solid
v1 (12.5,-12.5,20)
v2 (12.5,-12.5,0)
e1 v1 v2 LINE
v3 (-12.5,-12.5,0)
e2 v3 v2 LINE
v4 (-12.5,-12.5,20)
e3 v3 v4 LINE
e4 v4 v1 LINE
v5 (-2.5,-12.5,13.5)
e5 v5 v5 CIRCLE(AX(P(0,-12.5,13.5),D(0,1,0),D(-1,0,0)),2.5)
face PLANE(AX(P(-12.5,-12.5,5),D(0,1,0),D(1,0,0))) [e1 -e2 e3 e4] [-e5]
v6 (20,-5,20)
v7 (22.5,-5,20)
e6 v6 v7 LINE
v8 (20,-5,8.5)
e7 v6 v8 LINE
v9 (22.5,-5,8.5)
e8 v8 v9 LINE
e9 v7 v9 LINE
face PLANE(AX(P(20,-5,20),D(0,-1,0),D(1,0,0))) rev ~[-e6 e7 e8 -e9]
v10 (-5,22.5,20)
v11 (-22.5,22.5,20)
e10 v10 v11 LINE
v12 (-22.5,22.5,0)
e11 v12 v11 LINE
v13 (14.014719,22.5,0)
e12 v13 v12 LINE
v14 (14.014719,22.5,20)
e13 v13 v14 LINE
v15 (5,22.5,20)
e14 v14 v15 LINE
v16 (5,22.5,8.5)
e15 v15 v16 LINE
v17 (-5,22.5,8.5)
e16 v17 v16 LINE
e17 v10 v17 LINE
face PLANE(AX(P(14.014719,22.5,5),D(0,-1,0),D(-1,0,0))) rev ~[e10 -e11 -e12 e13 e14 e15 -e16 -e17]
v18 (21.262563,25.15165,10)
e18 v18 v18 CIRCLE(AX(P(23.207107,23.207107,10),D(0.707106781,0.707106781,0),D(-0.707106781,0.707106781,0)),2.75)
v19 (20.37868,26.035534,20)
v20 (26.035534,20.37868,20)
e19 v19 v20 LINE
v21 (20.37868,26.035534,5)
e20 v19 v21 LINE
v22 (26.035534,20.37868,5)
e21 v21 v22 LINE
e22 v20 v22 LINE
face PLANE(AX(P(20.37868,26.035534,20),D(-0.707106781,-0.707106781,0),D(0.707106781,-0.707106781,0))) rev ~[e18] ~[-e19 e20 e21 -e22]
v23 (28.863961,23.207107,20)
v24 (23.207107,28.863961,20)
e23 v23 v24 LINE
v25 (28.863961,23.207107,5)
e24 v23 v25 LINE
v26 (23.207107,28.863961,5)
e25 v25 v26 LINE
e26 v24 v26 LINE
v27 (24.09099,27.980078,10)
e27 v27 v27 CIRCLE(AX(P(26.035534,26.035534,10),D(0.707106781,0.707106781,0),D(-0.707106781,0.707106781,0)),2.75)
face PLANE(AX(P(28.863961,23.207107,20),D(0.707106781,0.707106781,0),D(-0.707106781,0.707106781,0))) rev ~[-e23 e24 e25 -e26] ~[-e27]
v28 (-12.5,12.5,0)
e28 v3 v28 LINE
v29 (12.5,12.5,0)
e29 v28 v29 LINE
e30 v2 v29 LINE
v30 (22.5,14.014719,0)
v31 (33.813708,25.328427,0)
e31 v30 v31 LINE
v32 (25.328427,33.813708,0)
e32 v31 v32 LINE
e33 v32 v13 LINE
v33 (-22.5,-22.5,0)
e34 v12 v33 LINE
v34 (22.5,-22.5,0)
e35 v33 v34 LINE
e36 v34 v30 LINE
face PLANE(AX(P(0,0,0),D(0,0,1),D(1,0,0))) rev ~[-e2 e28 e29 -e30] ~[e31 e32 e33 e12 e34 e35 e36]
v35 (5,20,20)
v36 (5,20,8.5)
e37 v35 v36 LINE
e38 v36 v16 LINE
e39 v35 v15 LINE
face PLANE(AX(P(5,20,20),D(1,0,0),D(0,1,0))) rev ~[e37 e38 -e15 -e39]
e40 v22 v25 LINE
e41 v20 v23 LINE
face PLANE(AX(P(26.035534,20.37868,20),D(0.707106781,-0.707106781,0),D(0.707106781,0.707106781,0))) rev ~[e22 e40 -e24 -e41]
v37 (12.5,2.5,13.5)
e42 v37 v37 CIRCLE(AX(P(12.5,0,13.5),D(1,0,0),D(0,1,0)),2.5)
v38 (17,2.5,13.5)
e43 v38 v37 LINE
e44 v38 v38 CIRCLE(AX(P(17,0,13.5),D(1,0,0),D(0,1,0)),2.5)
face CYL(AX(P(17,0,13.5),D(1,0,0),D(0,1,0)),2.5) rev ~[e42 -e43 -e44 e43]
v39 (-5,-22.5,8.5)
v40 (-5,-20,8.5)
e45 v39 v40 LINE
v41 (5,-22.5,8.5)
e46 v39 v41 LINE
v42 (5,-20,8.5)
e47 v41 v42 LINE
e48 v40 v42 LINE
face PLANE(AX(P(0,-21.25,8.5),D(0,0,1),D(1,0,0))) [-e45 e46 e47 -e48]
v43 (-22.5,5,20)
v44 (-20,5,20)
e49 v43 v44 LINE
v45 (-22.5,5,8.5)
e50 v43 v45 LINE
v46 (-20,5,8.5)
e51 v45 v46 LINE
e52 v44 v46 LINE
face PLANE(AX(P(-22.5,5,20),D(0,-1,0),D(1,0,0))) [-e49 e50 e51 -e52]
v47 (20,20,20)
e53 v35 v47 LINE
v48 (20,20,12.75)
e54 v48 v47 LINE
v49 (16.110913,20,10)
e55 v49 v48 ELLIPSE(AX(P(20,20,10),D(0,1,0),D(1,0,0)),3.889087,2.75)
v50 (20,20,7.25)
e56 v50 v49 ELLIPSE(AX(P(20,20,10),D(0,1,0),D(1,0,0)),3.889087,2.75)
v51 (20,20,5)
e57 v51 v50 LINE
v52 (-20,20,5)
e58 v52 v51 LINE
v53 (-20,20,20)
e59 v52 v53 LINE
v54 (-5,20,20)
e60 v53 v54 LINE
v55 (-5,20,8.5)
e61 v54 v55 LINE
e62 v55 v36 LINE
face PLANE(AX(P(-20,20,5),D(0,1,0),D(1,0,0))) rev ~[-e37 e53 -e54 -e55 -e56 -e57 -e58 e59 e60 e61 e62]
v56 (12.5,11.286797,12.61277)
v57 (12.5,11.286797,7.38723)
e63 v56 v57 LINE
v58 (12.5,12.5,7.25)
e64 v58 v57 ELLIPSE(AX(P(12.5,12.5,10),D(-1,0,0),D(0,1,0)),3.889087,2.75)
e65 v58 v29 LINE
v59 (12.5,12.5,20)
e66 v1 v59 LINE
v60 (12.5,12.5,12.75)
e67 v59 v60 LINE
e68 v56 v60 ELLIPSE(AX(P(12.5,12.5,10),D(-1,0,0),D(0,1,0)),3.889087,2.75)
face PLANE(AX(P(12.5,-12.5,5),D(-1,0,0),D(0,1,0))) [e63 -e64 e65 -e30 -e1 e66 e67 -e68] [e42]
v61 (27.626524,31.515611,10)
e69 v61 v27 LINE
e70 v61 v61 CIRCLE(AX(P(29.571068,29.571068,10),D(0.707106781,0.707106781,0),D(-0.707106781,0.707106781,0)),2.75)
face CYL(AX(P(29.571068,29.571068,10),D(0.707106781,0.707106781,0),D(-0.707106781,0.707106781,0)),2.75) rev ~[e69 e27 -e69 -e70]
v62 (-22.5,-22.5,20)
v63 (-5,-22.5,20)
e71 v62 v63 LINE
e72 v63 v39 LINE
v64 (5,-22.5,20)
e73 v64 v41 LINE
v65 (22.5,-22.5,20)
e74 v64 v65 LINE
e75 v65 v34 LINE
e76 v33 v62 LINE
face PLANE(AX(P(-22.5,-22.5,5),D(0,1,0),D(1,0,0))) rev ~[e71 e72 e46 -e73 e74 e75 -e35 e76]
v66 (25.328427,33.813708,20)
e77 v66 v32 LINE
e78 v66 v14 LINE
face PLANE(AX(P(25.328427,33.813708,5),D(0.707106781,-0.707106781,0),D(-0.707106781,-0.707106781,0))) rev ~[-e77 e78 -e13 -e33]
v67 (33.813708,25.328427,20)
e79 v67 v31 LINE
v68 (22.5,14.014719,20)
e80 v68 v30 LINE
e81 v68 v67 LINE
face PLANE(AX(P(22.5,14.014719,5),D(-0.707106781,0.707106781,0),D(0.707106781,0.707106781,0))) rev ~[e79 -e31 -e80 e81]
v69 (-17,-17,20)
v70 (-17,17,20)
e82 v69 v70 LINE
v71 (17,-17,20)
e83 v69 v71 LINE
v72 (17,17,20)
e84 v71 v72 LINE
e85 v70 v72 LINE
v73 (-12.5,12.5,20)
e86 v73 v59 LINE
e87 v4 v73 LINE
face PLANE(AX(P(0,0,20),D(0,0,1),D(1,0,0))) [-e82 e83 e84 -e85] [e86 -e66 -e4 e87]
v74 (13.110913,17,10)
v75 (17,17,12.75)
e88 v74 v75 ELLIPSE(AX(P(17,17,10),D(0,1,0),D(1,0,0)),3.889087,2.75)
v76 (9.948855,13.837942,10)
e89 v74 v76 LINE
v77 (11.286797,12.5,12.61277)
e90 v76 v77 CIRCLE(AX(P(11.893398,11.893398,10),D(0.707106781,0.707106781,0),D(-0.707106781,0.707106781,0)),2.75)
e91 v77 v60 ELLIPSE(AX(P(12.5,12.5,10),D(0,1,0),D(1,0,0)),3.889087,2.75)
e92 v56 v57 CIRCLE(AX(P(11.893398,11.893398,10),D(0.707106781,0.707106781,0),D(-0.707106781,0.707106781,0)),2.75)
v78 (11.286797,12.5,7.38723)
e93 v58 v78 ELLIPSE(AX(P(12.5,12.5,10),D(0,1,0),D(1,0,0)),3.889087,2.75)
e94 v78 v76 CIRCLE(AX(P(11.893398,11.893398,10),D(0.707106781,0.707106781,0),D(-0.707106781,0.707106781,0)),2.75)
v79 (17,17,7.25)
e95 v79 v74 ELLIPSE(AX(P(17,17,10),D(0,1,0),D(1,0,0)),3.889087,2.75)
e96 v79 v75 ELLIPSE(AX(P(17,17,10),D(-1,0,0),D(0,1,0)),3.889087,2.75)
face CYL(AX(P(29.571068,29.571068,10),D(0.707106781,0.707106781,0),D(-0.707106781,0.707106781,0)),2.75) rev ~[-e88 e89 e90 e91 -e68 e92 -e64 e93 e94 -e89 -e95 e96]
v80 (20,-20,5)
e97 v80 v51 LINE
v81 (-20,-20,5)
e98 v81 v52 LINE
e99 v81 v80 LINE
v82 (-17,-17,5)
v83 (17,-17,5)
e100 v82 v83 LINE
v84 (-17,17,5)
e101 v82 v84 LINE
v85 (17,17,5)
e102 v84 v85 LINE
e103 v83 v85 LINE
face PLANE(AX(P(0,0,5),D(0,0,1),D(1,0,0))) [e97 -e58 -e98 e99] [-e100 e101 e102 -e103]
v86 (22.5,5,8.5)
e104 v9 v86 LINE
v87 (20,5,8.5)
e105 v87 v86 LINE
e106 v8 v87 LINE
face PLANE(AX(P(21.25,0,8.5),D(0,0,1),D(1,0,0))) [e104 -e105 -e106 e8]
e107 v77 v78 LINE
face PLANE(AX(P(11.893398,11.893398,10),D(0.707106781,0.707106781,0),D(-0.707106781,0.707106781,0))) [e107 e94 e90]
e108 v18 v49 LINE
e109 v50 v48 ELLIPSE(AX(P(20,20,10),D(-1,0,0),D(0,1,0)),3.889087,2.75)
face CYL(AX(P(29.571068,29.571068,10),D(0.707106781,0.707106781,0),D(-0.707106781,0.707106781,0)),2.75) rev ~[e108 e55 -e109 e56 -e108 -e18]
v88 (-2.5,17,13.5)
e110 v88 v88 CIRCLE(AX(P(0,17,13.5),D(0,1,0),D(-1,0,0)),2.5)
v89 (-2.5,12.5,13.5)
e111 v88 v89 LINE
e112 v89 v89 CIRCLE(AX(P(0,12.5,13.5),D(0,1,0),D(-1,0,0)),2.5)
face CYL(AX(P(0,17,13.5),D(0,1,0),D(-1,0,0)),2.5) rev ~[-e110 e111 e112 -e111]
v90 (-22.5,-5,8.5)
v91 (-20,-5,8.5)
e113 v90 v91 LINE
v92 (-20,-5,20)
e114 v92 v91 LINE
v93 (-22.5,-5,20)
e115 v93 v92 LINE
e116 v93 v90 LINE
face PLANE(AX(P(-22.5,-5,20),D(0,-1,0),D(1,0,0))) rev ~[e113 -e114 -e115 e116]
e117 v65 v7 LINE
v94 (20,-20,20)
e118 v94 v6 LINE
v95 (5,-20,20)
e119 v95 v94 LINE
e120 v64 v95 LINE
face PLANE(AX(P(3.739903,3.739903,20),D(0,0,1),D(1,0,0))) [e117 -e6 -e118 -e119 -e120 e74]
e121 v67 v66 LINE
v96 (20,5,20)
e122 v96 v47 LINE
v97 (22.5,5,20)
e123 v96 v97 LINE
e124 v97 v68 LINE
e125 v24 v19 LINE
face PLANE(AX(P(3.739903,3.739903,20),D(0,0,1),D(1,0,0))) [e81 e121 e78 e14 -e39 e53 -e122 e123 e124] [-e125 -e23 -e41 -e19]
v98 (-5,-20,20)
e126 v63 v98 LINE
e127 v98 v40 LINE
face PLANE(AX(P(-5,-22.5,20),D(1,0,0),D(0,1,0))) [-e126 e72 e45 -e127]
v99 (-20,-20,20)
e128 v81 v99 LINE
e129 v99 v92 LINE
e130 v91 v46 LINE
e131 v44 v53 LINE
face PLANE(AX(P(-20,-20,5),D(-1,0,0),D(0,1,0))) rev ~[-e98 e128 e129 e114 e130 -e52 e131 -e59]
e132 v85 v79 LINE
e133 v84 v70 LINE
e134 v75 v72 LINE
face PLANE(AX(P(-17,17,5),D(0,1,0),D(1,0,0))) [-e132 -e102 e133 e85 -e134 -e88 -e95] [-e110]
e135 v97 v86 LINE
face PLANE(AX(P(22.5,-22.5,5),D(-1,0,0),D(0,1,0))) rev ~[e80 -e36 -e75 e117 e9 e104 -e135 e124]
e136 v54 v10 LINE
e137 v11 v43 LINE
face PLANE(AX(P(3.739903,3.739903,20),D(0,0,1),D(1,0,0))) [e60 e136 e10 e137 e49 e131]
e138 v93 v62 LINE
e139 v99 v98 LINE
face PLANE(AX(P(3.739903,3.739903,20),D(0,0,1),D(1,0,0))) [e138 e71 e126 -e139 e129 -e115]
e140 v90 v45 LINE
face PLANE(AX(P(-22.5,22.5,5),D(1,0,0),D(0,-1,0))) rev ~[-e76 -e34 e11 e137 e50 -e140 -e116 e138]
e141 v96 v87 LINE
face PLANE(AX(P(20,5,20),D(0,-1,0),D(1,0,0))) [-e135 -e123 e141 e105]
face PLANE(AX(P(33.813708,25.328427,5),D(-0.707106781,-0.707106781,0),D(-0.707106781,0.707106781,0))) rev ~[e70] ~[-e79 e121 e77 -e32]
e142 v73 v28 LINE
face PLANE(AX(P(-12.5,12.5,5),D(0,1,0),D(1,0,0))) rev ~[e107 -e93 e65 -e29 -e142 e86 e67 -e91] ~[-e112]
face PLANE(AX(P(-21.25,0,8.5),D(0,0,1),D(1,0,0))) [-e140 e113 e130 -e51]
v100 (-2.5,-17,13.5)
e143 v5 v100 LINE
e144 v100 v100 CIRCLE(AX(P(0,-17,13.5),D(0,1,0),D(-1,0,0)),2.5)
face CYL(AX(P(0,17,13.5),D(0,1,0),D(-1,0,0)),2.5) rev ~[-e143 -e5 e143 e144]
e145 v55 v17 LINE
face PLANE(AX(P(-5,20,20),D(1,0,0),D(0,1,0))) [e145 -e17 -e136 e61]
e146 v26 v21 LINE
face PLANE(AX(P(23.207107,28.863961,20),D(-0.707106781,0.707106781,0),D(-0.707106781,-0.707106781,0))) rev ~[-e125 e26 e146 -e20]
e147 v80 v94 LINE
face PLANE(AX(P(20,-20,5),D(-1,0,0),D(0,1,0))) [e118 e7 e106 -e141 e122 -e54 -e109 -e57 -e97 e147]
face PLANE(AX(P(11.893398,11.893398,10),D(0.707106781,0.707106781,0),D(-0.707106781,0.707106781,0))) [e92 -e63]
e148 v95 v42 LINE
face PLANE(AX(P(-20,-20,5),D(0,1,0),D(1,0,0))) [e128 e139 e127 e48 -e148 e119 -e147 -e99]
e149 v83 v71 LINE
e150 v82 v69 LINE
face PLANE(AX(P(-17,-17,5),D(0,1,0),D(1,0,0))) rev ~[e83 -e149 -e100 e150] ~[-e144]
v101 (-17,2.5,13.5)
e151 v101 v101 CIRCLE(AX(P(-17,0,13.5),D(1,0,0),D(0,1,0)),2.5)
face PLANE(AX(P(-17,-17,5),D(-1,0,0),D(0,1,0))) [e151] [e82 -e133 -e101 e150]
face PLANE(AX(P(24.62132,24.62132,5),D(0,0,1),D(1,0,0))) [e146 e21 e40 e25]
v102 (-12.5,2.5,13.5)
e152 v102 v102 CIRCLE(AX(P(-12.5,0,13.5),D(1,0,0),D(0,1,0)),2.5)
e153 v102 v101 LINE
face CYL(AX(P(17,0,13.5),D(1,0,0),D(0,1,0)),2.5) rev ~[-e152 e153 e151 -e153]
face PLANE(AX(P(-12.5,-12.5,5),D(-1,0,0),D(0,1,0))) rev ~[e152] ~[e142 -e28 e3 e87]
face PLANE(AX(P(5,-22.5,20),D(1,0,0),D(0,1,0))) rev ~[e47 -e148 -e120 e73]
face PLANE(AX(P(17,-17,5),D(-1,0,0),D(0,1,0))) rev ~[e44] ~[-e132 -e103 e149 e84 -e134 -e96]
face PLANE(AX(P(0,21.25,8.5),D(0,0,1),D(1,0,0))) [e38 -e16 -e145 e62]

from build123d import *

# Parameters (mm, degrees)
F0_W      = 25
F0_H      = 25
F1_DEPTH  = 5
F2_W      = 34
F2_H      = 34
F2_W_2    = 25
F2_H_2    = 25
F3_DEPTH  = 15
F4_W      = 40
F4_H      = 40
F5_DEPTH  = 15
F6_W      = 10
F6_H      = 2.5
F6_W_2    = 2.5
F6_H_2    = 10
F7_DEPTH  = 11.5
F8_R      = 2.75
F9_DEPTH  = 25
F11_DEPTH = 15
F12_R     = 2.5
F13_DEPTH = 45
F14_R     = 2.5
F15_DEPTH = 45


with BuildPart() as f1:
    # F0 (on Top) → F1 (new body)
    with BuildSketch(Plane.XY):
        Polygon((22.5, 14.0147186258), (22.5, 22.5), (14.0147186258, 22.5), (-22.5, 22.5), (-22.5, -22.5), (22.5, -22.5), align=None)
        Rectangle(F0_W, F0_H, mode=Mode.SUBTRACT)
        Polygon((14.0147186258, 22.5), (22.5, 22.5), (22.5, 14.0147186258), (33.813708499, 25.3284271247), (25.3284271247, 33.813708499), align=None)
    extrude(amount=F1_DEPTH)

    # F2 (on face) → F3 (join)
    with BuildSketch(Plane.XY.offset(5)):
        Rectangle(F2_W, F2_H)
        Rectangle(F2_W_2, F2_H_2, mode=Mode.SUBTRACT)
    extrude(amount=F3_DEPTH)

    # F4 (on face) → F5 (join)
    with BuildSketch(Plane.XY.offset(5)):
        Polygon((25.3284271247, 33.813708499), (14.0147186258, 22.5), (-22.5, 22.5), (-22.5, -22.5), (22.5, -22.5), (22.5, 14.0147186258), (33.813708499, 25.3284271247), align=None)
        Rectangle(F4_W, F4_H, mode=Mode.SUBTRACT)
    extrude(amount=F5_DEPTH)

    # F6 (on face) → F7 (cut)
    with BuildSketch(Plane.XY.offset(20)):
        with Locations((0, 21.25)):
            Rectangle(F6_W, F6_H)
        with Locations((-21.25, 0)):
            Rectangle(F6_W_2, F6_H_2)
        with Locations((21.25, 0)):
            Rectangle(F6_W_2, F6_H_2)
        with Locations((0, -21.25)):
            Rectangle(F6_W, F6_H)
    extrude(amount=-F7_DEPTH, mode=Mode.SUBTRACT)

    # F8 (on face) → F9 (cut)
    with BuildSketch(Plane(origin=(29.5710678119, 29.5710678119, 0), x_dir=(-0.7071067812, 0.7071067812, 0), z_dir=(0.7071067812, 0.7071067812, 0))):
        with Locations((0, 10)):
            Circle(F8_R)
    extrude(amount=-F9_DEPTH, mode=Mode.SUBTRACT)

    # F10 (on face) → F11 (cut)
    with BuildSketch(Plane.XY.offset(20)):
        Polygon((28.8639610307, 23.2071067812), (23.2071067812, 28.8639610307), (20.3786796564, 26.0355339059), (26.0355339059, 20.3786796564), align=None)
    extrude(amount=-F11_DEPTH, mode=Mode.SUBTRACT)

    # F12 (on face) → F13 (cut)
    with BuildSketch(Plane(origin=(0, 17, 0), x_dir=(-1, 0, 0), z_dir=(0, 1, 0))):
        with Locations((0, 13.5)):
            Circle(F12_R)
    extrude(amount=-F13_DEPTH, mode=Mode.SUBTRACT)

    # F14 (on face) → F15 (cut)
    with BuildSketch(Plane.YZ.offset(17)):
        with Locations((0, 13.5)):
            Circle(F14_R)
    extrude(amount=-F15_DEPTH, mode=Mode.SUBTRACT)


solid = f1.part
